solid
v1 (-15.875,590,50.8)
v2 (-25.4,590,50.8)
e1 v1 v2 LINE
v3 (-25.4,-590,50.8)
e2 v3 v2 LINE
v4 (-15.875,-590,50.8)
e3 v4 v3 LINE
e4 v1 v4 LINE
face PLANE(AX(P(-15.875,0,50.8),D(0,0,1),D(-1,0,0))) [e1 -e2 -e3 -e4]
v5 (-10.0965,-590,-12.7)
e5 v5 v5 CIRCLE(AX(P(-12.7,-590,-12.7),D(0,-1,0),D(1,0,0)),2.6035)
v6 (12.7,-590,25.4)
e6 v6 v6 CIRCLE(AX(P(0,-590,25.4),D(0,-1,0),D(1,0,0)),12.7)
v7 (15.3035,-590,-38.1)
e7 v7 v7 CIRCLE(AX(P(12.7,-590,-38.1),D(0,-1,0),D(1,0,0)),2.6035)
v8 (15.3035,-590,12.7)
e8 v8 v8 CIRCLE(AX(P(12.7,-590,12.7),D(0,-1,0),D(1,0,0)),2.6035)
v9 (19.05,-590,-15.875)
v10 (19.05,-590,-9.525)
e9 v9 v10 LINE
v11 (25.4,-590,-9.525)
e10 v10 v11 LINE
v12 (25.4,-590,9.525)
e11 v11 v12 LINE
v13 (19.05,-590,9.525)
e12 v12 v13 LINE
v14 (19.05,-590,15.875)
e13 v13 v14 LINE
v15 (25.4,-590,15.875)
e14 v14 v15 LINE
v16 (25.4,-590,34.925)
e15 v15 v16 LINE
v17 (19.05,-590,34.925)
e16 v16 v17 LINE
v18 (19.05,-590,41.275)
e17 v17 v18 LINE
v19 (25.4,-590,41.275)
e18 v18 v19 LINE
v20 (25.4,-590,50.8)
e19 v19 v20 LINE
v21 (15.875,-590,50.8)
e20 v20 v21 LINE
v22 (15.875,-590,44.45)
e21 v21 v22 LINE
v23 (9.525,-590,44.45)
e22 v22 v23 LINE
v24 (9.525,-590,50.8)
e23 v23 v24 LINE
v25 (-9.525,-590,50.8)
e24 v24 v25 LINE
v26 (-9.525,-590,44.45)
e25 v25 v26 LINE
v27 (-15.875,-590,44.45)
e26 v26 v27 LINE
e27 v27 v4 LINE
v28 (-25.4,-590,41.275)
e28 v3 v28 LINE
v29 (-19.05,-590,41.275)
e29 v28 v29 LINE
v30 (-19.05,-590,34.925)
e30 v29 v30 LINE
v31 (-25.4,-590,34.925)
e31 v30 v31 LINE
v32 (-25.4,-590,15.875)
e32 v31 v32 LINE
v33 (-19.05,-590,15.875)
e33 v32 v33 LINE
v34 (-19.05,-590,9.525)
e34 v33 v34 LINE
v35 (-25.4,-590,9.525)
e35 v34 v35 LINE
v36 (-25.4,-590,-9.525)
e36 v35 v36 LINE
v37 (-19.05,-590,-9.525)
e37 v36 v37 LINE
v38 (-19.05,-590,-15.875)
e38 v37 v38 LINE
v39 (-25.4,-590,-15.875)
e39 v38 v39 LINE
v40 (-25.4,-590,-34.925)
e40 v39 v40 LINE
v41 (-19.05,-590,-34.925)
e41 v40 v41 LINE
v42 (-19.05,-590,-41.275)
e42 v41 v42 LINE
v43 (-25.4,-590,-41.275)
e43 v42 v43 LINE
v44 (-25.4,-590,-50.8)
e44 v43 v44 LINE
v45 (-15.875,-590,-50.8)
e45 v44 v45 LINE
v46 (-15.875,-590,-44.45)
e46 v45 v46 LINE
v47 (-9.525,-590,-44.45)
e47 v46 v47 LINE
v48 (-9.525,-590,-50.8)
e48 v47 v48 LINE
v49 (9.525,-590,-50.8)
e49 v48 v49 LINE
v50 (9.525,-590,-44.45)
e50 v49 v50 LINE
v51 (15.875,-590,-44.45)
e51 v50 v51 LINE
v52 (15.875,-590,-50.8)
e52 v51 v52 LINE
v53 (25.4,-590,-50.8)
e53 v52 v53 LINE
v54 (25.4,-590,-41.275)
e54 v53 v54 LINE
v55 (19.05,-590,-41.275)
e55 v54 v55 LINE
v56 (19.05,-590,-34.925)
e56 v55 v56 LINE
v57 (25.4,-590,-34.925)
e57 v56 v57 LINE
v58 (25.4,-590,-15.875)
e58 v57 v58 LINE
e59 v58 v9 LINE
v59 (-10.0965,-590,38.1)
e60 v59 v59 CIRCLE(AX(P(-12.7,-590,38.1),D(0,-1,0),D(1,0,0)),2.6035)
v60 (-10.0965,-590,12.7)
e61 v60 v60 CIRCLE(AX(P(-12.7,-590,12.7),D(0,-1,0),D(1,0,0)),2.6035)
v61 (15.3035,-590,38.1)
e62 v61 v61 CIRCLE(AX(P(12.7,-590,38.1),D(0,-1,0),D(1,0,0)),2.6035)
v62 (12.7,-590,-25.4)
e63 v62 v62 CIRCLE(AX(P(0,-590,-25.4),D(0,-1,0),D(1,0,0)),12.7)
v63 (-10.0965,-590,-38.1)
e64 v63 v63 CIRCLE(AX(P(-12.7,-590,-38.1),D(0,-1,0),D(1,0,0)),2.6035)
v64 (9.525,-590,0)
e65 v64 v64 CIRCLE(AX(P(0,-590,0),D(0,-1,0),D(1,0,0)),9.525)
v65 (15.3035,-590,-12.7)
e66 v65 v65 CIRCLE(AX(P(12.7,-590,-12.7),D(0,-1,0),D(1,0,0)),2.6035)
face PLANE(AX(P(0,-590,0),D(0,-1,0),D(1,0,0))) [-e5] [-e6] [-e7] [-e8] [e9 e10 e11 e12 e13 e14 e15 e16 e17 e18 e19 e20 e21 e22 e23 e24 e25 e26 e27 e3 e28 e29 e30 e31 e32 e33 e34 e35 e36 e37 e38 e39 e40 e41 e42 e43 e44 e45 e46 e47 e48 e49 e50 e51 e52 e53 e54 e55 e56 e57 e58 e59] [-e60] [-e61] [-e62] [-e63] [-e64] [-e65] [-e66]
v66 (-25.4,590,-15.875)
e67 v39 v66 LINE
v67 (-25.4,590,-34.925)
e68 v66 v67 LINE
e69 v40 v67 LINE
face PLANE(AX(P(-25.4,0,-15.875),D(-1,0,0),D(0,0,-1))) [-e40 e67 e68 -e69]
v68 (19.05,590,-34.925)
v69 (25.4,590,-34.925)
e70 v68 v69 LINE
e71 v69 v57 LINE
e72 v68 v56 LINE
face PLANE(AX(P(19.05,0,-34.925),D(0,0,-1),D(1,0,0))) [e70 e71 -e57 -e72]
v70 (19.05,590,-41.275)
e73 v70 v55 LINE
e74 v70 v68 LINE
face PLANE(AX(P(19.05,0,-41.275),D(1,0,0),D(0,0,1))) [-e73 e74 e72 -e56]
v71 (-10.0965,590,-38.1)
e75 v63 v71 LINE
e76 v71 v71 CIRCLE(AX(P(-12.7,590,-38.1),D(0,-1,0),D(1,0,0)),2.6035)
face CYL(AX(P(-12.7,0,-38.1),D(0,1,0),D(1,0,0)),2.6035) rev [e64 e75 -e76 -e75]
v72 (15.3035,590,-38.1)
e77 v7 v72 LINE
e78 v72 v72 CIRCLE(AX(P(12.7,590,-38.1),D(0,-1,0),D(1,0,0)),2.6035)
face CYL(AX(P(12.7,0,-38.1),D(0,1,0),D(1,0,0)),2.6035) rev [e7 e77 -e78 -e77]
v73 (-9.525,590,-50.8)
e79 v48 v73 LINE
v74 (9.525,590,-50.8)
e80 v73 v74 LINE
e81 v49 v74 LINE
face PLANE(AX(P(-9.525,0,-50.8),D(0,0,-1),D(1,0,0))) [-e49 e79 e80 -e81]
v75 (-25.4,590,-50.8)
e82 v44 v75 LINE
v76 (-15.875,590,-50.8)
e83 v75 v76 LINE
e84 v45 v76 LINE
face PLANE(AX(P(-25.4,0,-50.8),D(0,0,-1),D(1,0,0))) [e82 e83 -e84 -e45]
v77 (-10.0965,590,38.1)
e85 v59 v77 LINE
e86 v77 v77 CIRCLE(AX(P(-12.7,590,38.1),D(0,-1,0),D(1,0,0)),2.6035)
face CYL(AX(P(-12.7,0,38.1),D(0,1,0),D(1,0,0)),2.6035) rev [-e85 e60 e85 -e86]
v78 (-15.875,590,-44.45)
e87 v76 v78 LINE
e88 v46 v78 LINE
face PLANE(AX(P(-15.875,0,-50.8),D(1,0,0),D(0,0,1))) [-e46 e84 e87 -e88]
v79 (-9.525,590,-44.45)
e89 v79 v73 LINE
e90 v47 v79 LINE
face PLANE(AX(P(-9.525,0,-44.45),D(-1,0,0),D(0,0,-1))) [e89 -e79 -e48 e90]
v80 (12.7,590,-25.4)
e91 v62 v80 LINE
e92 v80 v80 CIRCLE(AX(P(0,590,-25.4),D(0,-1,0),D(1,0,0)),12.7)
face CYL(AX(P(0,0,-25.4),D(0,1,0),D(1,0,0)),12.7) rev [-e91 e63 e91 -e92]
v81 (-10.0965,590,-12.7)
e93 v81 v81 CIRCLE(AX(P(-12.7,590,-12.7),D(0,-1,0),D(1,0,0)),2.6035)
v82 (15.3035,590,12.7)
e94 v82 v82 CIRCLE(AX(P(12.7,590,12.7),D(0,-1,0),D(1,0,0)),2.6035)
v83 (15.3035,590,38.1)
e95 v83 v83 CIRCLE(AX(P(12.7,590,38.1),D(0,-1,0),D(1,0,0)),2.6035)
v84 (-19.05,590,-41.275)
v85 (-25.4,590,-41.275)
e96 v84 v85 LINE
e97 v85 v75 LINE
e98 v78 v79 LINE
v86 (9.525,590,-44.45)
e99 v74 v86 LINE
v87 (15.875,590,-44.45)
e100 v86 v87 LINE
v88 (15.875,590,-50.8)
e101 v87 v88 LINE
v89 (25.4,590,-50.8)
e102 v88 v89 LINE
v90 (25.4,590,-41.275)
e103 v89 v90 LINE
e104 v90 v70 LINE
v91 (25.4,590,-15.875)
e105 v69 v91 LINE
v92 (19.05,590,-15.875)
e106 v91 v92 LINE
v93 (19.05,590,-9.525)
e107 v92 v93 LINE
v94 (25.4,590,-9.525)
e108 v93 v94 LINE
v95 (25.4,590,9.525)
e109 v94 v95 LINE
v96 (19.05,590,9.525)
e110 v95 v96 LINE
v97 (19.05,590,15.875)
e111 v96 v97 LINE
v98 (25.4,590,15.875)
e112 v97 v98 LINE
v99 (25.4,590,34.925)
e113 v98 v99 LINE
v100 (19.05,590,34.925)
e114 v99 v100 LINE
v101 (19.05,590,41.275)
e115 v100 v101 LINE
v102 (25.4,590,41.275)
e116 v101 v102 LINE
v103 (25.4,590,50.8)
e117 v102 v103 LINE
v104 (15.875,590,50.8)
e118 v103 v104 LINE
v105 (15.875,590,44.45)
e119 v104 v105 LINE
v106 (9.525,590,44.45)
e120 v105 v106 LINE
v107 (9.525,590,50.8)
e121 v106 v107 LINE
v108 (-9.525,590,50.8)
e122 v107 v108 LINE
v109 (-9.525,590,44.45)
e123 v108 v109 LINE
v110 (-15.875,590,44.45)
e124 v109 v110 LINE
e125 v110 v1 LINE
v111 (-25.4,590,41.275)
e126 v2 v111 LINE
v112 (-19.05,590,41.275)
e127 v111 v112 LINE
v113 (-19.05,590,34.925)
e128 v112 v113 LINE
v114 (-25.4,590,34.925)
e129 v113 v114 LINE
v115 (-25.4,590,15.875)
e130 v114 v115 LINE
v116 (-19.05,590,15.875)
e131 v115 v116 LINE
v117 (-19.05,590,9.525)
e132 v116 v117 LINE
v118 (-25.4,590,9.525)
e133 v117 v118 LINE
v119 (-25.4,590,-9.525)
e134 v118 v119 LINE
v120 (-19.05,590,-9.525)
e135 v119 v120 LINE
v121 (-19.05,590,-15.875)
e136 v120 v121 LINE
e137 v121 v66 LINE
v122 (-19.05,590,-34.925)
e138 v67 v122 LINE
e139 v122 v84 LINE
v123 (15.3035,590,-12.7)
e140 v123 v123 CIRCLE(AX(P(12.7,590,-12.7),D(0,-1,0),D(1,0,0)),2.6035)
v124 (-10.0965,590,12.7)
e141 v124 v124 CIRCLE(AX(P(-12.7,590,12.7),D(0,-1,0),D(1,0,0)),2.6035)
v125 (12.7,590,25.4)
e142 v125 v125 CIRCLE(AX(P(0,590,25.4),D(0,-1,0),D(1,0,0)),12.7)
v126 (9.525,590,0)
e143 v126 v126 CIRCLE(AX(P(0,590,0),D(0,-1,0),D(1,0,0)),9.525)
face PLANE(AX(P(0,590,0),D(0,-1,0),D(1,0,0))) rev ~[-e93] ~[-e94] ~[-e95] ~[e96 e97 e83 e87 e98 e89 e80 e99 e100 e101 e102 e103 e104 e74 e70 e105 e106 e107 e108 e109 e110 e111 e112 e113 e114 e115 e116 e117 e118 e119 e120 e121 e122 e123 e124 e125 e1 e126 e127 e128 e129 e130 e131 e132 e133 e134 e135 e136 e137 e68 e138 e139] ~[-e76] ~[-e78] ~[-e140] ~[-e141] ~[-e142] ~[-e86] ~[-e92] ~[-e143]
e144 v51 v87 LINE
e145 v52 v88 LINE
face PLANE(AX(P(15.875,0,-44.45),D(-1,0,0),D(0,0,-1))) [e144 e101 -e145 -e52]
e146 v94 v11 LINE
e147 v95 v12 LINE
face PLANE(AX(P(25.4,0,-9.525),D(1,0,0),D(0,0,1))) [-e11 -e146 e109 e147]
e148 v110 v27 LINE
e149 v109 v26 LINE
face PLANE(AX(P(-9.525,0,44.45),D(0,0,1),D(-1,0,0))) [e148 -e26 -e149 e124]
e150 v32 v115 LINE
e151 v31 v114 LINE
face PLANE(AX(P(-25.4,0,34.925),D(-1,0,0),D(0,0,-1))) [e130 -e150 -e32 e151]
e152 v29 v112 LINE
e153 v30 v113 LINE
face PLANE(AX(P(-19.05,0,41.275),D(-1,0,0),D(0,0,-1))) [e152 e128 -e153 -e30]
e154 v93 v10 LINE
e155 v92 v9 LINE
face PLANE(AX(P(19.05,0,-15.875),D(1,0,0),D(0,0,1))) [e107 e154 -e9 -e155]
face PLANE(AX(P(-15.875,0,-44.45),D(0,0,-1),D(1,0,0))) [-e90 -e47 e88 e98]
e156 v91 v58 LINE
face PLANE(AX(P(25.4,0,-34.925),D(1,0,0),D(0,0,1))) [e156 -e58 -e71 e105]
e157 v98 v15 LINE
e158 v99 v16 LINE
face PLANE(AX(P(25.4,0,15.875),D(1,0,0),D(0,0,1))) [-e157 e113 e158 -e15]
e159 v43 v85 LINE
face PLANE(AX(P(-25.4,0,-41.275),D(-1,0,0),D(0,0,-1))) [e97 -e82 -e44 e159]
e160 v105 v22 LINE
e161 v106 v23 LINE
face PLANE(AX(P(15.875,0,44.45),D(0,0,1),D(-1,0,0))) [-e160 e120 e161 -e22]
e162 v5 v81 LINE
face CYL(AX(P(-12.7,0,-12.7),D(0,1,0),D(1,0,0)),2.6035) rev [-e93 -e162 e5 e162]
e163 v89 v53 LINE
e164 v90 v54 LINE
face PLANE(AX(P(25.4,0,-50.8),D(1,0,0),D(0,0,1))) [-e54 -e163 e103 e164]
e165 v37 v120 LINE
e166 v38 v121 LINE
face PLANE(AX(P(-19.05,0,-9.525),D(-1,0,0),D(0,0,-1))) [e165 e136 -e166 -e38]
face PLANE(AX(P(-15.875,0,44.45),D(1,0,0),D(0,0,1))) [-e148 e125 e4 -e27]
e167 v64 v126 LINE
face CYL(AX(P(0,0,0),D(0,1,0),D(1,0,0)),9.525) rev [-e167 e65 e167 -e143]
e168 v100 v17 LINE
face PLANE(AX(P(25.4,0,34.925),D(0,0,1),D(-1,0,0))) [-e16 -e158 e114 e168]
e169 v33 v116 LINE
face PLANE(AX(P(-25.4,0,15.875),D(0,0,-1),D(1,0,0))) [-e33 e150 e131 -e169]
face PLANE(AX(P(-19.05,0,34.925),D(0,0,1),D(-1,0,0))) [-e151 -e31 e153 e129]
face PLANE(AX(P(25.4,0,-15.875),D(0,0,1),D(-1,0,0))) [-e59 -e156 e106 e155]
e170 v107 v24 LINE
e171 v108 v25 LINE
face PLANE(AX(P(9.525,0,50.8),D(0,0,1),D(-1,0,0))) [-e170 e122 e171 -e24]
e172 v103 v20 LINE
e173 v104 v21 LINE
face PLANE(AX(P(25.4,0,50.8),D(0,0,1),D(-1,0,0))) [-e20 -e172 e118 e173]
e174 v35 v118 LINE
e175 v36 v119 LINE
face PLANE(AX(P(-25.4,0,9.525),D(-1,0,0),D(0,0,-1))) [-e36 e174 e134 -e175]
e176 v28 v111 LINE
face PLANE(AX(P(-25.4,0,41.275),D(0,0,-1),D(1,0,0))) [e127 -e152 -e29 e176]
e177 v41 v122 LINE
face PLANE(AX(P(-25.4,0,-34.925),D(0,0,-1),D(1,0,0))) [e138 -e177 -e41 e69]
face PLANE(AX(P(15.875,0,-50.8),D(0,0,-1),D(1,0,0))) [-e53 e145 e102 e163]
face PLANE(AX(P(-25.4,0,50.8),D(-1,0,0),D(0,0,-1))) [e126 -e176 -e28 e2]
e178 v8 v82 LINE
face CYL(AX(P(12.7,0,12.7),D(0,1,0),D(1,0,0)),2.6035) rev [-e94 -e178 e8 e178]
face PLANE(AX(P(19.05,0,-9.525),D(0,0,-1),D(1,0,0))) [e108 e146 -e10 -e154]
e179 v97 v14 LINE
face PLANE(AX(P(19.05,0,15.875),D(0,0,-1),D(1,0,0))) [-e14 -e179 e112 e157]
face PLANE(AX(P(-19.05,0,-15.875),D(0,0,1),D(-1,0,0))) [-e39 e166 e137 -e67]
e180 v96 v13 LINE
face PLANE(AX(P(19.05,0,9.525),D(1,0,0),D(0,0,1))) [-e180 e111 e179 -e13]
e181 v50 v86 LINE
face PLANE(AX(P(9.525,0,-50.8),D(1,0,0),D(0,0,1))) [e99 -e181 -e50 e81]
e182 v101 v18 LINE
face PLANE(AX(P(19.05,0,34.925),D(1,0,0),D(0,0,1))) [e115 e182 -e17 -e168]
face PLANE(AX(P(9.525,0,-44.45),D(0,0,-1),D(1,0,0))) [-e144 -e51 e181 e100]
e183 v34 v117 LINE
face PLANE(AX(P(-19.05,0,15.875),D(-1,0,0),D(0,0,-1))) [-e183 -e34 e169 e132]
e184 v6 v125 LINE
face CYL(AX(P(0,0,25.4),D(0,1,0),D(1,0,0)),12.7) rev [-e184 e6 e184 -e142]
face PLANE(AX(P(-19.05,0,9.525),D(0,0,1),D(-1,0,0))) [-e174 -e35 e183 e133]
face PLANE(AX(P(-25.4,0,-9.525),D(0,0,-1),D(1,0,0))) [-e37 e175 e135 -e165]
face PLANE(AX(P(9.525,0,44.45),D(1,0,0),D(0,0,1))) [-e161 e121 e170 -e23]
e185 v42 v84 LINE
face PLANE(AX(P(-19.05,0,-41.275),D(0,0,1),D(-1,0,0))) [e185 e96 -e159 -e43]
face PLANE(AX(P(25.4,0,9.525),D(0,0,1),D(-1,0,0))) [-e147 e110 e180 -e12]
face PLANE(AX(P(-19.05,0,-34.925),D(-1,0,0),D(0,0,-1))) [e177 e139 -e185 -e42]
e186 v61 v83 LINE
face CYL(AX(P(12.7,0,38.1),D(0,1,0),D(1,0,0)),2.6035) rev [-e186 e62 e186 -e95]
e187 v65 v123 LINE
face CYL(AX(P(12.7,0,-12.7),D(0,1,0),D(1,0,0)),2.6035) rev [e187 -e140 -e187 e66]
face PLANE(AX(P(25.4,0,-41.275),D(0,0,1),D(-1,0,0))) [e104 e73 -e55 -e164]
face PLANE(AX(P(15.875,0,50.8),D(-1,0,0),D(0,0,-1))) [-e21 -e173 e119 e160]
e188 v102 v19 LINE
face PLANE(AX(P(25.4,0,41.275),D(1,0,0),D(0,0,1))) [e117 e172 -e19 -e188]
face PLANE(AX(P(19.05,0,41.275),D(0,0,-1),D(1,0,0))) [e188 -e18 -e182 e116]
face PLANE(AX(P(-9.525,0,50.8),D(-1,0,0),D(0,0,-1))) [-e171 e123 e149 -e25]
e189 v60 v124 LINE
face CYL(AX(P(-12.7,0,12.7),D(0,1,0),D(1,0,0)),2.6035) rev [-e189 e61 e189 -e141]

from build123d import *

# Parameters (mm, degrees)
F0_R     = 2.6035
F0_R_2   = 12.7
F0_R_3   = 9.525
F1_DEPTH = 590


with BuildPart() as f1:
    # F0 (on Front) → F1 (new body, symmetric)
    with BuildSketch(Plane.XZ):
        Polygon((15.875, -50.8), (25.4, -50.8), (25.4, -41.275), (19.05, -41.275), (19.05, -34.925), (25.4, -34.925), (25.4, -15.875), (19.05, -15.875), (19.05, -9.525), (25.4, -9.525), (25.4, 9.525), (19.05, 9.525), (19.05, 15.875), (25.4, 15.875), (25.4, 34.925), (19.05, 34.925), (19.05, 41.275), (25.4, 41.275), (25.4, 50.8), (15.875, 50.8), (15.875, 44.45), (9.525, 44.45), (9.525, 50.8), (-9.525, 50.8), (-9.525, 44.45), (-15.875, 44.45), (-15.875, 50.8), (-25.4, 50.8), (-25.4, 41.275), (-19.05, 41.275), (-19.05, 34.925), (-25.4, 34.925), (-25.4, 15.875), (-19.05, 15.875), (-19.05, 9.525), (-25.4, 9.525), (-25.4, -9.525), (-19.05, -9.525), (-19.05, -15.875), (-25.4, -15.875), (-25.4, -34.925), (-19.05, -34.925), (-19.05, -41.275), (-25.4, -41.275), (-25.4, -50.8), (-15.875, -50.8), (-15.875, -44.45), (-9.525, -44.45), (-9.525, -50.8), (9.525, -50.8), (9.525, -44.45), (15.875, -44.45), align=None)
        with Locations((-12.7, -38.1)):
            Circle(F0_R, mode=Mode.SUBTRACT)
        with Locations((0, -25.4)):
            Circle(F0_R_2, mode=Mode.SUBTRACT)
        with Locations((-12.7, -12.7)):
            Circle(F0_R, mode=Mode.SUBTRACT)
        Circle(F0_R_3, mode=Mode.SUBTRACT)
        with Locations((12.7, -38.1)):
            Circle(F0_R, mode=Mode.SUBTRACT)
        with Locations((12.7, -12.7)):
            Circle(F0_R, mode=Mode.SUBTRACT)
        with Locations((-12.7, 12.7)):
            Circle(F0_R, mode=Mode.SUBTRACT)
        with Locations((0, 25.4)):
            Circle(F0_R_2, mode=Mode.SUBTRACT)
        with Locations((-12.7, 38.1)):
            Circle(F0_R, mode=Mode.SUBTRACT)
        with Locations((12.7, 12.7)):
            Circle(F0_R, mode=Mode.SUBTRACT)
        with Locations((12.7, 38.1)):
            Circle(F0_R, mode=Mode.SUBTRACT)
    extrude(amount=F1_DEPTH, both=True)


solid = f1.part
